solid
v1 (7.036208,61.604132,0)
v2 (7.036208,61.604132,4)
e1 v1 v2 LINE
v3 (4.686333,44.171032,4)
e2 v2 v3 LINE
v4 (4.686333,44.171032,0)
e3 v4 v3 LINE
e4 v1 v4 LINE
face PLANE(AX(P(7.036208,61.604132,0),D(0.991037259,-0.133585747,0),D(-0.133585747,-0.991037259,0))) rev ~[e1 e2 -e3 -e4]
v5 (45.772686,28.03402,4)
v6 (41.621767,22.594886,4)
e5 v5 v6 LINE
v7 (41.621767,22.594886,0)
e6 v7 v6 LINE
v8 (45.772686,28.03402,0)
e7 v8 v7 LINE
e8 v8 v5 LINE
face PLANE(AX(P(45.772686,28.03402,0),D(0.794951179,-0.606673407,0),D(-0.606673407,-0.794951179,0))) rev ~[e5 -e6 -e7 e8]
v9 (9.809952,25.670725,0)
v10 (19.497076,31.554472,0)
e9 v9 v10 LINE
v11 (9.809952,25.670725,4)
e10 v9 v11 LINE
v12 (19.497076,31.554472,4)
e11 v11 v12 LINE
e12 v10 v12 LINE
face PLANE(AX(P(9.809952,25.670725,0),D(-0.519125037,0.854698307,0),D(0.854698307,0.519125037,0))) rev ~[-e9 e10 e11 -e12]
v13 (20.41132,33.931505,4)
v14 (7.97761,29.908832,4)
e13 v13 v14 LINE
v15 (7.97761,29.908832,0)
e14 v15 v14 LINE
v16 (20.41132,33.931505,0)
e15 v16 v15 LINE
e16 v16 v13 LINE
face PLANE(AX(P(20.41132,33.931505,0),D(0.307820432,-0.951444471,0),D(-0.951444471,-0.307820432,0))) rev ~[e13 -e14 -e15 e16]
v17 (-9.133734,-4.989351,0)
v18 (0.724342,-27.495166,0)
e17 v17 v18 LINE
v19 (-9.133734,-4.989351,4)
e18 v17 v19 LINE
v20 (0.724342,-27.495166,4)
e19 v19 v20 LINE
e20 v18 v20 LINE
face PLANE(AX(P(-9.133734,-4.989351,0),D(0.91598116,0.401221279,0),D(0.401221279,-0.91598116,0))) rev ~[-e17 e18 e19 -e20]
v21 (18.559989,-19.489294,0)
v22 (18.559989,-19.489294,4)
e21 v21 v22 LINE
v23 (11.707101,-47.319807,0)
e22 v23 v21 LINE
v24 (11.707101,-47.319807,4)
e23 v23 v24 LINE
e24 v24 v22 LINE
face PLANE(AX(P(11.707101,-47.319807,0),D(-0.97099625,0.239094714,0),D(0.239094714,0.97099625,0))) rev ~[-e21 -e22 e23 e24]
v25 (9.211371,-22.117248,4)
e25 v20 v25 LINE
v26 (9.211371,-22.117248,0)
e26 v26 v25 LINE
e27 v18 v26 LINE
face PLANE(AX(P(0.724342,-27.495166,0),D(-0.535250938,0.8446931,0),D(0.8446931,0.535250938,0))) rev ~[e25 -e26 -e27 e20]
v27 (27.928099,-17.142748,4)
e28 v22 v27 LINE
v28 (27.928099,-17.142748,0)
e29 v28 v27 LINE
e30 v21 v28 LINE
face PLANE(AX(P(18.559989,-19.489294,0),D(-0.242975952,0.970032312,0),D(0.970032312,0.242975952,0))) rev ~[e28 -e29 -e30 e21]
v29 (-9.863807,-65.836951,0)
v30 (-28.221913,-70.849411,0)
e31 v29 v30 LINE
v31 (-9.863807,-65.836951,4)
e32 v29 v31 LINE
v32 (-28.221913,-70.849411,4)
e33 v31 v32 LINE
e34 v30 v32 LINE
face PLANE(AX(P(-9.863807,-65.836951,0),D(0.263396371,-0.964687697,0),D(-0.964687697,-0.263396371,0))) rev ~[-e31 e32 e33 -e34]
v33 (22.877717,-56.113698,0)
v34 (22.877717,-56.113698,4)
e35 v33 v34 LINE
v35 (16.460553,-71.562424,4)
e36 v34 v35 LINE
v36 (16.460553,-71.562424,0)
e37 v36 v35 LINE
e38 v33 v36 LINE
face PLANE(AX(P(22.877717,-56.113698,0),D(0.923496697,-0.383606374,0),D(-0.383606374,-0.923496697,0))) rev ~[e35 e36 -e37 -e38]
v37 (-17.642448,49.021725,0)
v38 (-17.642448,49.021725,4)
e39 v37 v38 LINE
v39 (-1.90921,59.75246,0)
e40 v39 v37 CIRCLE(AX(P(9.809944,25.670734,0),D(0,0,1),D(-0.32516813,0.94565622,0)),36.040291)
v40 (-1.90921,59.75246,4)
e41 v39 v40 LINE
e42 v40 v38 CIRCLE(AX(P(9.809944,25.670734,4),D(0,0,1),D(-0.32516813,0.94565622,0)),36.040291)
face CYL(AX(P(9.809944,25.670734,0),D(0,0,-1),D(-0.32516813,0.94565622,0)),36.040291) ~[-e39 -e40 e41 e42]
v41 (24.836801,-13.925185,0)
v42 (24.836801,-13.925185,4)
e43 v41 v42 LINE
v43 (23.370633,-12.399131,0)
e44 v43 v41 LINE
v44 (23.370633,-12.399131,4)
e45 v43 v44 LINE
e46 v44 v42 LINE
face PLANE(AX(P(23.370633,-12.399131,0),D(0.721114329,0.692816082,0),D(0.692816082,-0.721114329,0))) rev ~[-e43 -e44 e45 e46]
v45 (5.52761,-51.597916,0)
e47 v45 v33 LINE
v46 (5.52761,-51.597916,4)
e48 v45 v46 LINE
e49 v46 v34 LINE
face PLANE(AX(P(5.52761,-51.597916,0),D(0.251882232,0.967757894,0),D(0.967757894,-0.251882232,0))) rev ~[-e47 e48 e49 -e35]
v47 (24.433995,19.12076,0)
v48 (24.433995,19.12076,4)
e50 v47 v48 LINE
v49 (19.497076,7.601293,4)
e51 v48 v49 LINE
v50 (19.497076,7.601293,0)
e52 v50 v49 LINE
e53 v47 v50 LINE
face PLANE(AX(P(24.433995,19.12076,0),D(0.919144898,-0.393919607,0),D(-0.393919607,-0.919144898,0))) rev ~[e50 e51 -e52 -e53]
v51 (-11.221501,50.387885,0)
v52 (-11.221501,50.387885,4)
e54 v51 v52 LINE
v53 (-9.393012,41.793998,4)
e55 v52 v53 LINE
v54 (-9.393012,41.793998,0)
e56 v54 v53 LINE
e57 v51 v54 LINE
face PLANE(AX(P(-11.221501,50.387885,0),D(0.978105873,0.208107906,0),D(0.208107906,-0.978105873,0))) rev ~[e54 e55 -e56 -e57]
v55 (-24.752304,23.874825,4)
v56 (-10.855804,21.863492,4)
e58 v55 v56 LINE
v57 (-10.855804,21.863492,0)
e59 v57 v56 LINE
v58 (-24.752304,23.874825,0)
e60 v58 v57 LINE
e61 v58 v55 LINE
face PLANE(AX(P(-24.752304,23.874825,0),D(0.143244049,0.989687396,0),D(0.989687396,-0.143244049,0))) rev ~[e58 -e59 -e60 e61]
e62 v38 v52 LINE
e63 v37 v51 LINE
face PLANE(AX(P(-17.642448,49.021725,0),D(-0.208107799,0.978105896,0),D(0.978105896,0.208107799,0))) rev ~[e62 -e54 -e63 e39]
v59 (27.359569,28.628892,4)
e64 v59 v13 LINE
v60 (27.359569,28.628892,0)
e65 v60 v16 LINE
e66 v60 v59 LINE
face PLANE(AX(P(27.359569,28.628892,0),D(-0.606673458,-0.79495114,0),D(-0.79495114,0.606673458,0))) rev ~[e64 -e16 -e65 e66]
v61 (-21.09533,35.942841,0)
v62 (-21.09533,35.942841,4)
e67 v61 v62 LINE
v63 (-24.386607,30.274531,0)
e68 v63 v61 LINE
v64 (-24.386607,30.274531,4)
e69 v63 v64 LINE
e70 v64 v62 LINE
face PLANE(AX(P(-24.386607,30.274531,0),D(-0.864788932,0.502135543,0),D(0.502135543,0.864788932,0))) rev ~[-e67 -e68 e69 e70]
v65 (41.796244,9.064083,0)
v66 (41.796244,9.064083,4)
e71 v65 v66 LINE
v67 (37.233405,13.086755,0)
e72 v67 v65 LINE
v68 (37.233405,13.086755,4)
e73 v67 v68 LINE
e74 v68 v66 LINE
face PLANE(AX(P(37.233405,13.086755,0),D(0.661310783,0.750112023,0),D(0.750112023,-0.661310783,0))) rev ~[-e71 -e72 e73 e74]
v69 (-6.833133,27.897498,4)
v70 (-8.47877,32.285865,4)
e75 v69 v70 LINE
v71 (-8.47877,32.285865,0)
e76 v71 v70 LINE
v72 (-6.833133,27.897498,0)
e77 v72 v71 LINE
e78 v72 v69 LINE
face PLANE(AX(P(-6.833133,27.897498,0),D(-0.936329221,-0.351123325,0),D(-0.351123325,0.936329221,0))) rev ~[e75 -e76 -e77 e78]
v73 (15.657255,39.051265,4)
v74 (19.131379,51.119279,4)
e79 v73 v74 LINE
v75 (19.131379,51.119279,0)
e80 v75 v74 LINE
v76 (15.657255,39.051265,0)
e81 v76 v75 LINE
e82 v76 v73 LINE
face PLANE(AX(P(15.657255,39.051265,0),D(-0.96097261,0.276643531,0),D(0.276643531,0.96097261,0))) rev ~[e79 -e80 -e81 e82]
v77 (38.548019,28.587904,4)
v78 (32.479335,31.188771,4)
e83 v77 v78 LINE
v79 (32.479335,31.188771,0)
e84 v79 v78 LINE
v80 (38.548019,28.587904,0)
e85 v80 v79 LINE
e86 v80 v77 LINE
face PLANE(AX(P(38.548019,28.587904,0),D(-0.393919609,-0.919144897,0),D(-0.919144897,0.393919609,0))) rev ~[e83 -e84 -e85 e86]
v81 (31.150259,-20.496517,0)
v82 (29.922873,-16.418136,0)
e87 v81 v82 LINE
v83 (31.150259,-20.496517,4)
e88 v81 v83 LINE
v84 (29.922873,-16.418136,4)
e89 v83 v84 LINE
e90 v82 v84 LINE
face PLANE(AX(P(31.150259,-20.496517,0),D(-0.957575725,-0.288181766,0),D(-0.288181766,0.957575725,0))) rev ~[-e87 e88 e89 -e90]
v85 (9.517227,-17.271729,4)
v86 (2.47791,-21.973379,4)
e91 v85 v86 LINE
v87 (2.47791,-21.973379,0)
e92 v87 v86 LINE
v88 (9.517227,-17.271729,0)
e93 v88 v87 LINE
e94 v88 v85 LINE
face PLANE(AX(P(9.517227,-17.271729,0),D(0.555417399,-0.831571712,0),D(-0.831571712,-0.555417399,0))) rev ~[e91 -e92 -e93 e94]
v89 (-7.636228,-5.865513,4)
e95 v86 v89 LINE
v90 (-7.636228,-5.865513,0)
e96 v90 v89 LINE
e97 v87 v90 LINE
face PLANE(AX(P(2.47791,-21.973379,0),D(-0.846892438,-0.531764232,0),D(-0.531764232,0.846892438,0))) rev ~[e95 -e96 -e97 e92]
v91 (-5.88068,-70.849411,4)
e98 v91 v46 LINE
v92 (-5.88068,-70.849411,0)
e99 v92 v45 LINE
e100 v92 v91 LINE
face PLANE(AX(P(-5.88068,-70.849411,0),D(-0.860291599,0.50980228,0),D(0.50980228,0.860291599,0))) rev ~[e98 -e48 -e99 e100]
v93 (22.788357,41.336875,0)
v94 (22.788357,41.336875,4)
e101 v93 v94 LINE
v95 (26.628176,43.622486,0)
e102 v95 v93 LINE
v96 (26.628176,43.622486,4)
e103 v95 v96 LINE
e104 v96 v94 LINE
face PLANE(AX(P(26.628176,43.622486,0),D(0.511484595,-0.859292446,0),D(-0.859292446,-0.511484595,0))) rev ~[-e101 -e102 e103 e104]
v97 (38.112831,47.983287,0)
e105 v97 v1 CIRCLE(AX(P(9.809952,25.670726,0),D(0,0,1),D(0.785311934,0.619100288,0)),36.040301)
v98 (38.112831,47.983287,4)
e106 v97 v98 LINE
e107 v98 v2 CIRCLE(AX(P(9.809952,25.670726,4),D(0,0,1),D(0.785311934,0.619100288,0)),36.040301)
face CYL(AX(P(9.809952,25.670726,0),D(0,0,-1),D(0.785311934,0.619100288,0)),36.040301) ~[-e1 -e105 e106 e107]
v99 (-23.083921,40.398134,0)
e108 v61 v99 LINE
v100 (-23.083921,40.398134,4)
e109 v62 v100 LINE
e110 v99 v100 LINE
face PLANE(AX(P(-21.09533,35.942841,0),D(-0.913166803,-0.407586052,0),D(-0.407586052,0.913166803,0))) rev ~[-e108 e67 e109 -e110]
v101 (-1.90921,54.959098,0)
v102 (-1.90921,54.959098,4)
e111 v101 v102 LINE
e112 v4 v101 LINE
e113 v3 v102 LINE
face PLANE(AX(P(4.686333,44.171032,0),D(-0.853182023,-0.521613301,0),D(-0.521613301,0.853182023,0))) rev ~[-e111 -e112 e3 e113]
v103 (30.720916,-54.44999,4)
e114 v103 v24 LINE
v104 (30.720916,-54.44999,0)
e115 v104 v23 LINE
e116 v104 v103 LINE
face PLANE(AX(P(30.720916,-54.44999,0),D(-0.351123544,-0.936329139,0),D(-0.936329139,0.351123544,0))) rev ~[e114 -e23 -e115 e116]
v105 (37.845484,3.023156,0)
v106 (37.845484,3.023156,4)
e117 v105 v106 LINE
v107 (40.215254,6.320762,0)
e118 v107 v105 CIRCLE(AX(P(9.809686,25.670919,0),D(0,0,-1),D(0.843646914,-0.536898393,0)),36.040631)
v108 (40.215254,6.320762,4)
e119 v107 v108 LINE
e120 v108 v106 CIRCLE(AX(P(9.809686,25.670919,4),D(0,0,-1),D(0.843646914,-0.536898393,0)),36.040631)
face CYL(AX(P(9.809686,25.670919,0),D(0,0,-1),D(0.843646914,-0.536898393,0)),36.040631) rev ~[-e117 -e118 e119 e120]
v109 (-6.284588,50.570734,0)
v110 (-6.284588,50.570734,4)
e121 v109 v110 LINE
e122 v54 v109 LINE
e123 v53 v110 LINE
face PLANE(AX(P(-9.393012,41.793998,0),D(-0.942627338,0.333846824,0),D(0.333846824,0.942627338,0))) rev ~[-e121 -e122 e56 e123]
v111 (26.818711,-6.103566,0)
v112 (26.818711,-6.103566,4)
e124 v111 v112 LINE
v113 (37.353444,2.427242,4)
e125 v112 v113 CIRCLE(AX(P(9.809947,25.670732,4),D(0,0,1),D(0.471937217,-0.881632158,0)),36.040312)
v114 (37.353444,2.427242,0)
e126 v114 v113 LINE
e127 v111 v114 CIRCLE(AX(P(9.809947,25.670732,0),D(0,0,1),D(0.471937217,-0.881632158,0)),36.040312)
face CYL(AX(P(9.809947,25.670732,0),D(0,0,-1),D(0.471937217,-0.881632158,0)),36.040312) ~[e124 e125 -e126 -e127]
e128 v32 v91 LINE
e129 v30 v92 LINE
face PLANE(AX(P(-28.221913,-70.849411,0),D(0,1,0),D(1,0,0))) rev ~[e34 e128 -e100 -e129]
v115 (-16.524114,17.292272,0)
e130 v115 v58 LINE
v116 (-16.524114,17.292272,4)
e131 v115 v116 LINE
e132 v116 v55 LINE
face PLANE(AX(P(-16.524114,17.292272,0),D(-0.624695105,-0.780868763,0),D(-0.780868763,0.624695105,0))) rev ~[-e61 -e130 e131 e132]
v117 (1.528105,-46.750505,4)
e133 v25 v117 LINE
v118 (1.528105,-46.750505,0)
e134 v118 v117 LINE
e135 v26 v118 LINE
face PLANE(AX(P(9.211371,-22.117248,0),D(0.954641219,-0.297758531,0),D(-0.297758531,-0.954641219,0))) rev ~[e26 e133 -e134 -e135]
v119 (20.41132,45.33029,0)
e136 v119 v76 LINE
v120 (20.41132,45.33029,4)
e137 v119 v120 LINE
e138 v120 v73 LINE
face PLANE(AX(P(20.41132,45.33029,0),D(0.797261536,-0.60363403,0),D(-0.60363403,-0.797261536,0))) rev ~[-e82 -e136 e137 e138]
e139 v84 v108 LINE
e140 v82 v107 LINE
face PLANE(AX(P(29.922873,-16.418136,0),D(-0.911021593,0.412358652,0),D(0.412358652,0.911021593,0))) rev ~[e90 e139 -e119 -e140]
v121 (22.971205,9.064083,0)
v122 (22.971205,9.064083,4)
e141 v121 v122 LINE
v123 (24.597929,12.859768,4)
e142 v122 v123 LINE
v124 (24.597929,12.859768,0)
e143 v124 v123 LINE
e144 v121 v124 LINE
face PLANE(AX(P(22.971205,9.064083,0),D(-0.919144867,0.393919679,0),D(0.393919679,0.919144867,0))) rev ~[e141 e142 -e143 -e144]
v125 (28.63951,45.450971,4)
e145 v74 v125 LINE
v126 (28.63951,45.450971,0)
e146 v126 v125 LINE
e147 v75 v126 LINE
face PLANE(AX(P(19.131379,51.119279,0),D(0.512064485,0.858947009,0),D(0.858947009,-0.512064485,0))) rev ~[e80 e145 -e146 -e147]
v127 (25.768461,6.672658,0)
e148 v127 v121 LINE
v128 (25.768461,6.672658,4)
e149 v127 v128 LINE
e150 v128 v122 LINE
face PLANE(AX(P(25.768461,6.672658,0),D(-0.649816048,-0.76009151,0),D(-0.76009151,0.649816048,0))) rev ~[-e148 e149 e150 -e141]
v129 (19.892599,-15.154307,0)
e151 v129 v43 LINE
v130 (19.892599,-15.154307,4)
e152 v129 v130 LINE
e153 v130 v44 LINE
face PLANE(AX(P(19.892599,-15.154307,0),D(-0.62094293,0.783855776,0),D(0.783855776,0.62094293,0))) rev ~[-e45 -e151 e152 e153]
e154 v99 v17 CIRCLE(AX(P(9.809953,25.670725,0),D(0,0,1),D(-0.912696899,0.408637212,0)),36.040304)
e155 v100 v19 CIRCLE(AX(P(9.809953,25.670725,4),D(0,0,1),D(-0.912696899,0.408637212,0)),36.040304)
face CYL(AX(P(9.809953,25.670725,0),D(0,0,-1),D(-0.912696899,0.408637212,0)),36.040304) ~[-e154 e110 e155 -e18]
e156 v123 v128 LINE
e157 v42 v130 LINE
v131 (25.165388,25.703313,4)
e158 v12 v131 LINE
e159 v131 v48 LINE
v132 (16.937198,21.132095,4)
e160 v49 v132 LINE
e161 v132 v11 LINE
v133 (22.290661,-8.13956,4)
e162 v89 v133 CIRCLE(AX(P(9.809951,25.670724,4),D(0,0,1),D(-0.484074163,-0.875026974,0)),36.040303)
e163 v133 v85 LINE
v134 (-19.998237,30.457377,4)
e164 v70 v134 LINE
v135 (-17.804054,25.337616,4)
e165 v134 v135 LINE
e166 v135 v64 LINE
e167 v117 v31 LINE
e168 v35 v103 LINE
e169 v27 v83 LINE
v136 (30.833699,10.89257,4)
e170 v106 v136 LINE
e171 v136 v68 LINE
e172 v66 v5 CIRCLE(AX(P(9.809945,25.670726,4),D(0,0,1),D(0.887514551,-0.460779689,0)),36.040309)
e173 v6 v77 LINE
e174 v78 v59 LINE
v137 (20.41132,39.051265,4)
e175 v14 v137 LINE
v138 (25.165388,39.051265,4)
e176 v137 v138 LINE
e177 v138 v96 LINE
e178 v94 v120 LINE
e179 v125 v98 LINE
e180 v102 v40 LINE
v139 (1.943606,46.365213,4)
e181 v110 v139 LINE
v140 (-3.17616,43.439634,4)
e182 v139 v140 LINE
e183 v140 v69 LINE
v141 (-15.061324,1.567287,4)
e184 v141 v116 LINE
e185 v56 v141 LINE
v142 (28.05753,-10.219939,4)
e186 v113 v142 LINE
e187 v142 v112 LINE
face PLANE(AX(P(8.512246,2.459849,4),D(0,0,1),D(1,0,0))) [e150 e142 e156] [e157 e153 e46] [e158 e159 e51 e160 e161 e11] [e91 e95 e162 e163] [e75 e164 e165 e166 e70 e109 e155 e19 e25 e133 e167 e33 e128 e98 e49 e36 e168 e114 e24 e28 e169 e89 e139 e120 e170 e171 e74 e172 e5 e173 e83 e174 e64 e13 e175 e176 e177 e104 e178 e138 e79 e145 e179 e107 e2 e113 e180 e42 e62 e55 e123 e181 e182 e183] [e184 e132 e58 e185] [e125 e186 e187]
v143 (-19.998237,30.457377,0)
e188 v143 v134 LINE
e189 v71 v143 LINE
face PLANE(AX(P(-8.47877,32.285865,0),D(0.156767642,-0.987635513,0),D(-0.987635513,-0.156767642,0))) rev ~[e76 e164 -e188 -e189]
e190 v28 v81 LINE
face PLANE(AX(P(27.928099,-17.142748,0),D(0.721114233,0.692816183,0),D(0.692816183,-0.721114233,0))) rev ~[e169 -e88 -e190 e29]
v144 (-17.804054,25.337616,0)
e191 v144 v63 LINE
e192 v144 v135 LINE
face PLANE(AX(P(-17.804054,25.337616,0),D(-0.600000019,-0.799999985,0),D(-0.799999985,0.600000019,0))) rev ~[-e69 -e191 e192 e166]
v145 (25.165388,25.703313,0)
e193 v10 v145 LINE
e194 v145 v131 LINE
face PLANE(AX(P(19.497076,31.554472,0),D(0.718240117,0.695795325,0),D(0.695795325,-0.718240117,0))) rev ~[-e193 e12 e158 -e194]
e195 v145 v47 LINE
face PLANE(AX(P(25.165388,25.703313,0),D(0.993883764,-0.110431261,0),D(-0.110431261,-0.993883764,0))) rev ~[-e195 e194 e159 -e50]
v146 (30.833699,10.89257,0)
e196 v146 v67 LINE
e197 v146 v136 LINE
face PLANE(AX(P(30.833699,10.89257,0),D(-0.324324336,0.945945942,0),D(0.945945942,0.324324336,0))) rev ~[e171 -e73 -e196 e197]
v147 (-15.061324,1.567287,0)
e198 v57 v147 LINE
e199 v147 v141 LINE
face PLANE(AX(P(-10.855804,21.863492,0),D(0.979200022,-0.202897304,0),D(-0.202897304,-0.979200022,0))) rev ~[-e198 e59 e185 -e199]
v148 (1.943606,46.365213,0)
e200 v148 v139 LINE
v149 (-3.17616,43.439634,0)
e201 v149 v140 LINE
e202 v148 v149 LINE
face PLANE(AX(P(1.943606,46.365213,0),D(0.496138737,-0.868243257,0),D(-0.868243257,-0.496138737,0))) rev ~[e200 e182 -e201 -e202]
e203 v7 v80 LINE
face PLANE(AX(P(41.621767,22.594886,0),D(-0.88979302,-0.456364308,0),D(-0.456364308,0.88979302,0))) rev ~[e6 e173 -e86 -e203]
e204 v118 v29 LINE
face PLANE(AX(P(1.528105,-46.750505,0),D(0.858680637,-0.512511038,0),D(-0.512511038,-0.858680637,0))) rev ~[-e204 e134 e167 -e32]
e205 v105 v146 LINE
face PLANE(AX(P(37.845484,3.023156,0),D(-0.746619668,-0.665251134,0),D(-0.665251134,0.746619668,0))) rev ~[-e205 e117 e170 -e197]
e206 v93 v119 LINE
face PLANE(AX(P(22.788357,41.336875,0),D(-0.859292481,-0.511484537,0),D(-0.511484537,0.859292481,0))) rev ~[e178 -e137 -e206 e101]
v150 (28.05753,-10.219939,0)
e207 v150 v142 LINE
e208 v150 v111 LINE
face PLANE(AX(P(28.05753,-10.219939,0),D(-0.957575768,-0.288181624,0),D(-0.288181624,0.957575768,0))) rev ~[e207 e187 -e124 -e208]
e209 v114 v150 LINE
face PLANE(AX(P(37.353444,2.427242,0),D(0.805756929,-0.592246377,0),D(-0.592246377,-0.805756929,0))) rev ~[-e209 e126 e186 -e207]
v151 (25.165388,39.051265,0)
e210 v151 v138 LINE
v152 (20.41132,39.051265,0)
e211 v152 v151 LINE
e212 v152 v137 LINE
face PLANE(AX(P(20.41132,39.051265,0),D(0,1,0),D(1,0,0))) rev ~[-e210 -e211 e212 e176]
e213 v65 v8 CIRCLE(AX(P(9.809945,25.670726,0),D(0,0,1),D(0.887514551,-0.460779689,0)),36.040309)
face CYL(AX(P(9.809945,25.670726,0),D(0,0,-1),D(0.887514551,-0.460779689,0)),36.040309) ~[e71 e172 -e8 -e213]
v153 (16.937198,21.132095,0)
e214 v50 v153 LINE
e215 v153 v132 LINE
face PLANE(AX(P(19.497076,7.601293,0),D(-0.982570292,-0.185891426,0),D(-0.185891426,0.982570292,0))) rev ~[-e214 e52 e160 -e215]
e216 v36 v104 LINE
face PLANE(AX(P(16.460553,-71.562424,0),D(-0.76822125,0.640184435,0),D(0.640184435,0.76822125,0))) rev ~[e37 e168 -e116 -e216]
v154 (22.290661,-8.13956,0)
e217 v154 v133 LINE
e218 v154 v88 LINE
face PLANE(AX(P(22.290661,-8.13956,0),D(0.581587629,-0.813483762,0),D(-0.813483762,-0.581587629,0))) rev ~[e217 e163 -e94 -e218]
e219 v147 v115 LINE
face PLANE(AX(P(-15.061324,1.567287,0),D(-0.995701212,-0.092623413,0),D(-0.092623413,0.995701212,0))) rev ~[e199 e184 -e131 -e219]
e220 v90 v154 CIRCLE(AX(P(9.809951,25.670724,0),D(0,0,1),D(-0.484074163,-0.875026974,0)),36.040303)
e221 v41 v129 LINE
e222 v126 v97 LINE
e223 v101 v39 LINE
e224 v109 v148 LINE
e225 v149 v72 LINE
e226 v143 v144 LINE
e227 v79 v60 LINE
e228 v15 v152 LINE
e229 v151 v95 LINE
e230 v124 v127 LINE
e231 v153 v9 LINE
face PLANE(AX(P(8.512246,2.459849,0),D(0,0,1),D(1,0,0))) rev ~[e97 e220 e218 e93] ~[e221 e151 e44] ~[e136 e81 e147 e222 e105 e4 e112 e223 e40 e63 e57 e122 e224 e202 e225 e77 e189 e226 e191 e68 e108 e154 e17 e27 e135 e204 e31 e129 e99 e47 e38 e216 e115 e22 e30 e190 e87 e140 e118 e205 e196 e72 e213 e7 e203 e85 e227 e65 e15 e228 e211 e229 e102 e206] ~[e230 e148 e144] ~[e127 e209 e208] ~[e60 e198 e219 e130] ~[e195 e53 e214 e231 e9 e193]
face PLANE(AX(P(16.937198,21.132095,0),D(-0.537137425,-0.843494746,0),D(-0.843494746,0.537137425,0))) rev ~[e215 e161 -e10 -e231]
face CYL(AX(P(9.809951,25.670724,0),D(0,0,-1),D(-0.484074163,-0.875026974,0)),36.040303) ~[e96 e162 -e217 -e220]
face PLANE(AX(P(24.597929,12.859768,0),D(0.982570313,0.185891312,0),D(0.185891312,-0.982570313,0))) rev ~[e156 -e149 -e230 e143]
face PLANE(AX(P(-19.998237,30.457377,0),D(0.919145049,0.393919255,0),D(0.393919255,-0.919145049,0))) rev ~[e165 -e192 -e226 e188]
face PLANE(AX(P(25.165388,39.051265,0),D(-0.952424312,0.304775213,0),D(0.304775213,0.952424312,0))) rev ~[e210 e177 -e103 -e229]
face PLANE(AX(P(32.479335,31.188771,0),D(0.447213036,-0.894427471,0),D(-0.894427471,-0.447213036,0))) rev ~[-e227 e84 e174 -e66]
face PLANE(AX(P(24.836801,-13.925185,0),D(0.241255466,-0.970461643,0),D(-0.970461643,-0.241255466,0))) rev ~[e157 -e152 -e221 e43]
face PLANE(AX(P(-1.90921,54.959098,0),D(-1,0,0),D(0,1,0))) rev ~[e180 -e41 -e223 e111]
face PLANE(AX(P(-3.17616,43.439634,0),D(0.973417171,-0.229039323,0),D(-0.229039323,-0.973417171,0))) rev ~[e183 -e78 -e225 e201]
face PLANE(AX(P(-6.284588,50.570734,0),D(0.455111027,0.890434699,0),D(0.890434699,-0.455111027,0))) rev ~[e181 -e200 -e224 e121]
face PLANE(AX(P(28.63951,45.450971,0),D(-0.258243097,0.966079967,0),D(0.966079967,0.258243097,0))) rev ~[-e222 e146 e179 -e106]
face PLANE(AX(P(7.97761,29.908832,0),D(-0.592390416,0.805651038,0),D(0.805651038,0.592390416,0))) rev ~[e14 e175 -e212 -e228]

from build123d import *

# Parameters (mm, degrees)
F1_DEPTH = 4


with BuildPart() as f1:
    # F0 (on Top) → F1 (new body)
    with BuildSketch(Plane.XY):
        with BuildLine():
            Line((-9.863807, -65.836951), (-28.221913, -70.849411))
            Line((-28.221913, -70.849411), (-5.88068, -70.849411))
            Line((-5.88068, -70.849411), (5.52761, -51.597916))
            Line((5.52761, -51.597916), (22.877717, -56.113698))
            Line((22.877717, -56.113698), (16.460553, -71.562424))
            Line((16.460553, -71.562424), (30.720916, -54.44999))
            Line((30.720916, -54.44999), (11.707101, -47.319807))
            Line((11.707101, -47.319807), (18.559989, -19.489294))
            Line((18.559989, -19.489294), (27.928099, -17.142748))
            Line((27.928099, -17.142748), (31.150259, -20.496517))
            Line((31.150259, -20.496517), (29.922873, -16.418136))
            Line((29.922873, -16.418136), (40.215254, 6.320762))
            ThreePointArc((40.215254, 6.320762), (39.07685, 4.638557), (37.845484, 3.023156))
            Line((37.845484, 3.023156), (30.833699, 10.89257))
            Line((30.833699, 10.89257), (37.233405, 13.086755))
            Line((37.233405, 13.086755), (41.796244, 9.064083))
            ThreePointArc((41.796244, 9.064083), (45.083627, 18.276724), (45.772686, 28.03402))
            Line((45.772686, 28.03402), (41.621767, 22.594886))
            Line((41.621767, 22.594886), (38.548019, 28.587904))
            Line((38.548019, 28.587904), (32.479335, 31.188771))
            Line((32.479335, 31.188771), (27.359569, 28.628892))
            Line((27.359569, 28.628892), (20.41132, 33.931505))
            Line((20.41132, 33.931505), (7.97761, 29.908832))
            Line((7.97761, 29.908832), (20.41132, 39.051265))
            Line((20.41132, 39.051265), (25.165388, 39.051265))
            Line((25.165388, 39.051265), (26.628176, 43.622486))
            Line((26.628176, 43.622486), (22.788357, 41.336875))
            Line((22.788357, 41.336875), (20.41132, 45.33029))
            Line((20.41132, 45.33029), (15.657255, 39.051265))
            Line((15.657255, 39.051265), (19.131379, 51.119279))
            Line((19.131379, 51.119279), (28.63951, 45.450971))
            Line((28.63951, 45.450971), (38.112831, 47.983287))
            ThreePointArc((38.112831, 47.983287), (24.277711, 58.679623), (7.036208, 61.604132))
            Line((7.036208, 61.604132), (4.686333, 44.171032))
            Line((4.686333, 44.171032), (-1.90921, 54.959098))
            Line((-1.90921, 54.959098), (-1.90921, 59.75246))
            ThreePointArc((-1.90921, 59.75246), (-10.497436, 55.445101), (-17.642448, 49.021725))
            Line((-17.642448, 49.021725), (-11.221501, 50.387885))
            Line((-11.221501, 50.387885), (-9.393012, 41.793998))
            Line((-9.393012, 41.793998), (-6.284588, 50.570734))
            Line((-6.284588, 50.570734), (1.943606, 46.365213))
            Line((1.943606, 46.365213), (-3.17616, 43.439634))
            Line((-3.17616, 43.439634), (-6.833133, 27.897498))
            Line((-6.833133, 27.897498), (-8.47877, 32.285865))
            Line((-8.47877, 32.285865), (-19.998237, 30.457377))
            Line((-19.998237, 30.457377), (-17.804054, 25.337616))
            Line((-17.804054, 25.337616), (-24.386607, 30.274531))
            Line((-24.386607, 30.274531), (-21.09533, 35.942841))
            Line((-21.09533, 35.942841), (-23.083921, 40.398134))
            ThreePointArc((-23.083921, 40.398134), (-24.639853, 15.082316), (-9.133734, -4.989351))
            Line((-9.133734, -4.989351), (0.724342, -27.495166))
            Line((0.724342, -27.495166), (9.211371, -22.117248))
            Line((9.211371, -22.117248), (1.528105, -46.750505))
            Line((1.528105, -46.750505), (-9.863807, -65.836951))
        make_face()
        with BuildLine():
            ThreePointArc((-7.636228, -5.865513), (7.079238, -10.265979), (22.290661, -8.13956))
            Line((22.290661, -8.13956), (9.517227, -17.271729))
            Line((9.517227, -17.271729), (2.47791, -21.973379))
            Line((2.47791, -21.973379), (-7.636228, -5.865513))
        make_face(mode=Mode.SUBTRACT)
        Polygon((23.370633, -12.399131), (24.836801, -13.925185), (19.892599, -15.154307), align=None, mode=Mode.SUBTRACT)
        Polygon((-16.524114, 17.292272), (-24.752304, 23.874825), (-10.855804, 21.863492), (-15.061324, 1.567287), align=None, mode=Mode.SUBTRACT)
        Polygon((25.768461, 6.672658), (22.971205, 9.064083), (24.597929, 12.859768), align=None, mode=Mode.SUBTRACT)
        Polygon((24.433995, 19.12076), (19.497076, 7.601293), (16.937198, 21.132095), (9.809952, 25.670725), (19.497076, 31.554472), (25.165388, 25.703313), align=None, mode=Mode.SUBTRACT)
        with BuildLine():
            Line((28.05753, -10.219939), (26.818711, -6.103566))
            ThreePointArc((26.818711, -6.103566), (32.490768, -2.337917), (37.353444, 2.427242))
            Line((37.353444, 2.427242), (28.05753, -10.219939))
        make_face(mode=Mode.SUBTRACT)
    extrude(amount=F1_DEPTH)


solid = f1.part
